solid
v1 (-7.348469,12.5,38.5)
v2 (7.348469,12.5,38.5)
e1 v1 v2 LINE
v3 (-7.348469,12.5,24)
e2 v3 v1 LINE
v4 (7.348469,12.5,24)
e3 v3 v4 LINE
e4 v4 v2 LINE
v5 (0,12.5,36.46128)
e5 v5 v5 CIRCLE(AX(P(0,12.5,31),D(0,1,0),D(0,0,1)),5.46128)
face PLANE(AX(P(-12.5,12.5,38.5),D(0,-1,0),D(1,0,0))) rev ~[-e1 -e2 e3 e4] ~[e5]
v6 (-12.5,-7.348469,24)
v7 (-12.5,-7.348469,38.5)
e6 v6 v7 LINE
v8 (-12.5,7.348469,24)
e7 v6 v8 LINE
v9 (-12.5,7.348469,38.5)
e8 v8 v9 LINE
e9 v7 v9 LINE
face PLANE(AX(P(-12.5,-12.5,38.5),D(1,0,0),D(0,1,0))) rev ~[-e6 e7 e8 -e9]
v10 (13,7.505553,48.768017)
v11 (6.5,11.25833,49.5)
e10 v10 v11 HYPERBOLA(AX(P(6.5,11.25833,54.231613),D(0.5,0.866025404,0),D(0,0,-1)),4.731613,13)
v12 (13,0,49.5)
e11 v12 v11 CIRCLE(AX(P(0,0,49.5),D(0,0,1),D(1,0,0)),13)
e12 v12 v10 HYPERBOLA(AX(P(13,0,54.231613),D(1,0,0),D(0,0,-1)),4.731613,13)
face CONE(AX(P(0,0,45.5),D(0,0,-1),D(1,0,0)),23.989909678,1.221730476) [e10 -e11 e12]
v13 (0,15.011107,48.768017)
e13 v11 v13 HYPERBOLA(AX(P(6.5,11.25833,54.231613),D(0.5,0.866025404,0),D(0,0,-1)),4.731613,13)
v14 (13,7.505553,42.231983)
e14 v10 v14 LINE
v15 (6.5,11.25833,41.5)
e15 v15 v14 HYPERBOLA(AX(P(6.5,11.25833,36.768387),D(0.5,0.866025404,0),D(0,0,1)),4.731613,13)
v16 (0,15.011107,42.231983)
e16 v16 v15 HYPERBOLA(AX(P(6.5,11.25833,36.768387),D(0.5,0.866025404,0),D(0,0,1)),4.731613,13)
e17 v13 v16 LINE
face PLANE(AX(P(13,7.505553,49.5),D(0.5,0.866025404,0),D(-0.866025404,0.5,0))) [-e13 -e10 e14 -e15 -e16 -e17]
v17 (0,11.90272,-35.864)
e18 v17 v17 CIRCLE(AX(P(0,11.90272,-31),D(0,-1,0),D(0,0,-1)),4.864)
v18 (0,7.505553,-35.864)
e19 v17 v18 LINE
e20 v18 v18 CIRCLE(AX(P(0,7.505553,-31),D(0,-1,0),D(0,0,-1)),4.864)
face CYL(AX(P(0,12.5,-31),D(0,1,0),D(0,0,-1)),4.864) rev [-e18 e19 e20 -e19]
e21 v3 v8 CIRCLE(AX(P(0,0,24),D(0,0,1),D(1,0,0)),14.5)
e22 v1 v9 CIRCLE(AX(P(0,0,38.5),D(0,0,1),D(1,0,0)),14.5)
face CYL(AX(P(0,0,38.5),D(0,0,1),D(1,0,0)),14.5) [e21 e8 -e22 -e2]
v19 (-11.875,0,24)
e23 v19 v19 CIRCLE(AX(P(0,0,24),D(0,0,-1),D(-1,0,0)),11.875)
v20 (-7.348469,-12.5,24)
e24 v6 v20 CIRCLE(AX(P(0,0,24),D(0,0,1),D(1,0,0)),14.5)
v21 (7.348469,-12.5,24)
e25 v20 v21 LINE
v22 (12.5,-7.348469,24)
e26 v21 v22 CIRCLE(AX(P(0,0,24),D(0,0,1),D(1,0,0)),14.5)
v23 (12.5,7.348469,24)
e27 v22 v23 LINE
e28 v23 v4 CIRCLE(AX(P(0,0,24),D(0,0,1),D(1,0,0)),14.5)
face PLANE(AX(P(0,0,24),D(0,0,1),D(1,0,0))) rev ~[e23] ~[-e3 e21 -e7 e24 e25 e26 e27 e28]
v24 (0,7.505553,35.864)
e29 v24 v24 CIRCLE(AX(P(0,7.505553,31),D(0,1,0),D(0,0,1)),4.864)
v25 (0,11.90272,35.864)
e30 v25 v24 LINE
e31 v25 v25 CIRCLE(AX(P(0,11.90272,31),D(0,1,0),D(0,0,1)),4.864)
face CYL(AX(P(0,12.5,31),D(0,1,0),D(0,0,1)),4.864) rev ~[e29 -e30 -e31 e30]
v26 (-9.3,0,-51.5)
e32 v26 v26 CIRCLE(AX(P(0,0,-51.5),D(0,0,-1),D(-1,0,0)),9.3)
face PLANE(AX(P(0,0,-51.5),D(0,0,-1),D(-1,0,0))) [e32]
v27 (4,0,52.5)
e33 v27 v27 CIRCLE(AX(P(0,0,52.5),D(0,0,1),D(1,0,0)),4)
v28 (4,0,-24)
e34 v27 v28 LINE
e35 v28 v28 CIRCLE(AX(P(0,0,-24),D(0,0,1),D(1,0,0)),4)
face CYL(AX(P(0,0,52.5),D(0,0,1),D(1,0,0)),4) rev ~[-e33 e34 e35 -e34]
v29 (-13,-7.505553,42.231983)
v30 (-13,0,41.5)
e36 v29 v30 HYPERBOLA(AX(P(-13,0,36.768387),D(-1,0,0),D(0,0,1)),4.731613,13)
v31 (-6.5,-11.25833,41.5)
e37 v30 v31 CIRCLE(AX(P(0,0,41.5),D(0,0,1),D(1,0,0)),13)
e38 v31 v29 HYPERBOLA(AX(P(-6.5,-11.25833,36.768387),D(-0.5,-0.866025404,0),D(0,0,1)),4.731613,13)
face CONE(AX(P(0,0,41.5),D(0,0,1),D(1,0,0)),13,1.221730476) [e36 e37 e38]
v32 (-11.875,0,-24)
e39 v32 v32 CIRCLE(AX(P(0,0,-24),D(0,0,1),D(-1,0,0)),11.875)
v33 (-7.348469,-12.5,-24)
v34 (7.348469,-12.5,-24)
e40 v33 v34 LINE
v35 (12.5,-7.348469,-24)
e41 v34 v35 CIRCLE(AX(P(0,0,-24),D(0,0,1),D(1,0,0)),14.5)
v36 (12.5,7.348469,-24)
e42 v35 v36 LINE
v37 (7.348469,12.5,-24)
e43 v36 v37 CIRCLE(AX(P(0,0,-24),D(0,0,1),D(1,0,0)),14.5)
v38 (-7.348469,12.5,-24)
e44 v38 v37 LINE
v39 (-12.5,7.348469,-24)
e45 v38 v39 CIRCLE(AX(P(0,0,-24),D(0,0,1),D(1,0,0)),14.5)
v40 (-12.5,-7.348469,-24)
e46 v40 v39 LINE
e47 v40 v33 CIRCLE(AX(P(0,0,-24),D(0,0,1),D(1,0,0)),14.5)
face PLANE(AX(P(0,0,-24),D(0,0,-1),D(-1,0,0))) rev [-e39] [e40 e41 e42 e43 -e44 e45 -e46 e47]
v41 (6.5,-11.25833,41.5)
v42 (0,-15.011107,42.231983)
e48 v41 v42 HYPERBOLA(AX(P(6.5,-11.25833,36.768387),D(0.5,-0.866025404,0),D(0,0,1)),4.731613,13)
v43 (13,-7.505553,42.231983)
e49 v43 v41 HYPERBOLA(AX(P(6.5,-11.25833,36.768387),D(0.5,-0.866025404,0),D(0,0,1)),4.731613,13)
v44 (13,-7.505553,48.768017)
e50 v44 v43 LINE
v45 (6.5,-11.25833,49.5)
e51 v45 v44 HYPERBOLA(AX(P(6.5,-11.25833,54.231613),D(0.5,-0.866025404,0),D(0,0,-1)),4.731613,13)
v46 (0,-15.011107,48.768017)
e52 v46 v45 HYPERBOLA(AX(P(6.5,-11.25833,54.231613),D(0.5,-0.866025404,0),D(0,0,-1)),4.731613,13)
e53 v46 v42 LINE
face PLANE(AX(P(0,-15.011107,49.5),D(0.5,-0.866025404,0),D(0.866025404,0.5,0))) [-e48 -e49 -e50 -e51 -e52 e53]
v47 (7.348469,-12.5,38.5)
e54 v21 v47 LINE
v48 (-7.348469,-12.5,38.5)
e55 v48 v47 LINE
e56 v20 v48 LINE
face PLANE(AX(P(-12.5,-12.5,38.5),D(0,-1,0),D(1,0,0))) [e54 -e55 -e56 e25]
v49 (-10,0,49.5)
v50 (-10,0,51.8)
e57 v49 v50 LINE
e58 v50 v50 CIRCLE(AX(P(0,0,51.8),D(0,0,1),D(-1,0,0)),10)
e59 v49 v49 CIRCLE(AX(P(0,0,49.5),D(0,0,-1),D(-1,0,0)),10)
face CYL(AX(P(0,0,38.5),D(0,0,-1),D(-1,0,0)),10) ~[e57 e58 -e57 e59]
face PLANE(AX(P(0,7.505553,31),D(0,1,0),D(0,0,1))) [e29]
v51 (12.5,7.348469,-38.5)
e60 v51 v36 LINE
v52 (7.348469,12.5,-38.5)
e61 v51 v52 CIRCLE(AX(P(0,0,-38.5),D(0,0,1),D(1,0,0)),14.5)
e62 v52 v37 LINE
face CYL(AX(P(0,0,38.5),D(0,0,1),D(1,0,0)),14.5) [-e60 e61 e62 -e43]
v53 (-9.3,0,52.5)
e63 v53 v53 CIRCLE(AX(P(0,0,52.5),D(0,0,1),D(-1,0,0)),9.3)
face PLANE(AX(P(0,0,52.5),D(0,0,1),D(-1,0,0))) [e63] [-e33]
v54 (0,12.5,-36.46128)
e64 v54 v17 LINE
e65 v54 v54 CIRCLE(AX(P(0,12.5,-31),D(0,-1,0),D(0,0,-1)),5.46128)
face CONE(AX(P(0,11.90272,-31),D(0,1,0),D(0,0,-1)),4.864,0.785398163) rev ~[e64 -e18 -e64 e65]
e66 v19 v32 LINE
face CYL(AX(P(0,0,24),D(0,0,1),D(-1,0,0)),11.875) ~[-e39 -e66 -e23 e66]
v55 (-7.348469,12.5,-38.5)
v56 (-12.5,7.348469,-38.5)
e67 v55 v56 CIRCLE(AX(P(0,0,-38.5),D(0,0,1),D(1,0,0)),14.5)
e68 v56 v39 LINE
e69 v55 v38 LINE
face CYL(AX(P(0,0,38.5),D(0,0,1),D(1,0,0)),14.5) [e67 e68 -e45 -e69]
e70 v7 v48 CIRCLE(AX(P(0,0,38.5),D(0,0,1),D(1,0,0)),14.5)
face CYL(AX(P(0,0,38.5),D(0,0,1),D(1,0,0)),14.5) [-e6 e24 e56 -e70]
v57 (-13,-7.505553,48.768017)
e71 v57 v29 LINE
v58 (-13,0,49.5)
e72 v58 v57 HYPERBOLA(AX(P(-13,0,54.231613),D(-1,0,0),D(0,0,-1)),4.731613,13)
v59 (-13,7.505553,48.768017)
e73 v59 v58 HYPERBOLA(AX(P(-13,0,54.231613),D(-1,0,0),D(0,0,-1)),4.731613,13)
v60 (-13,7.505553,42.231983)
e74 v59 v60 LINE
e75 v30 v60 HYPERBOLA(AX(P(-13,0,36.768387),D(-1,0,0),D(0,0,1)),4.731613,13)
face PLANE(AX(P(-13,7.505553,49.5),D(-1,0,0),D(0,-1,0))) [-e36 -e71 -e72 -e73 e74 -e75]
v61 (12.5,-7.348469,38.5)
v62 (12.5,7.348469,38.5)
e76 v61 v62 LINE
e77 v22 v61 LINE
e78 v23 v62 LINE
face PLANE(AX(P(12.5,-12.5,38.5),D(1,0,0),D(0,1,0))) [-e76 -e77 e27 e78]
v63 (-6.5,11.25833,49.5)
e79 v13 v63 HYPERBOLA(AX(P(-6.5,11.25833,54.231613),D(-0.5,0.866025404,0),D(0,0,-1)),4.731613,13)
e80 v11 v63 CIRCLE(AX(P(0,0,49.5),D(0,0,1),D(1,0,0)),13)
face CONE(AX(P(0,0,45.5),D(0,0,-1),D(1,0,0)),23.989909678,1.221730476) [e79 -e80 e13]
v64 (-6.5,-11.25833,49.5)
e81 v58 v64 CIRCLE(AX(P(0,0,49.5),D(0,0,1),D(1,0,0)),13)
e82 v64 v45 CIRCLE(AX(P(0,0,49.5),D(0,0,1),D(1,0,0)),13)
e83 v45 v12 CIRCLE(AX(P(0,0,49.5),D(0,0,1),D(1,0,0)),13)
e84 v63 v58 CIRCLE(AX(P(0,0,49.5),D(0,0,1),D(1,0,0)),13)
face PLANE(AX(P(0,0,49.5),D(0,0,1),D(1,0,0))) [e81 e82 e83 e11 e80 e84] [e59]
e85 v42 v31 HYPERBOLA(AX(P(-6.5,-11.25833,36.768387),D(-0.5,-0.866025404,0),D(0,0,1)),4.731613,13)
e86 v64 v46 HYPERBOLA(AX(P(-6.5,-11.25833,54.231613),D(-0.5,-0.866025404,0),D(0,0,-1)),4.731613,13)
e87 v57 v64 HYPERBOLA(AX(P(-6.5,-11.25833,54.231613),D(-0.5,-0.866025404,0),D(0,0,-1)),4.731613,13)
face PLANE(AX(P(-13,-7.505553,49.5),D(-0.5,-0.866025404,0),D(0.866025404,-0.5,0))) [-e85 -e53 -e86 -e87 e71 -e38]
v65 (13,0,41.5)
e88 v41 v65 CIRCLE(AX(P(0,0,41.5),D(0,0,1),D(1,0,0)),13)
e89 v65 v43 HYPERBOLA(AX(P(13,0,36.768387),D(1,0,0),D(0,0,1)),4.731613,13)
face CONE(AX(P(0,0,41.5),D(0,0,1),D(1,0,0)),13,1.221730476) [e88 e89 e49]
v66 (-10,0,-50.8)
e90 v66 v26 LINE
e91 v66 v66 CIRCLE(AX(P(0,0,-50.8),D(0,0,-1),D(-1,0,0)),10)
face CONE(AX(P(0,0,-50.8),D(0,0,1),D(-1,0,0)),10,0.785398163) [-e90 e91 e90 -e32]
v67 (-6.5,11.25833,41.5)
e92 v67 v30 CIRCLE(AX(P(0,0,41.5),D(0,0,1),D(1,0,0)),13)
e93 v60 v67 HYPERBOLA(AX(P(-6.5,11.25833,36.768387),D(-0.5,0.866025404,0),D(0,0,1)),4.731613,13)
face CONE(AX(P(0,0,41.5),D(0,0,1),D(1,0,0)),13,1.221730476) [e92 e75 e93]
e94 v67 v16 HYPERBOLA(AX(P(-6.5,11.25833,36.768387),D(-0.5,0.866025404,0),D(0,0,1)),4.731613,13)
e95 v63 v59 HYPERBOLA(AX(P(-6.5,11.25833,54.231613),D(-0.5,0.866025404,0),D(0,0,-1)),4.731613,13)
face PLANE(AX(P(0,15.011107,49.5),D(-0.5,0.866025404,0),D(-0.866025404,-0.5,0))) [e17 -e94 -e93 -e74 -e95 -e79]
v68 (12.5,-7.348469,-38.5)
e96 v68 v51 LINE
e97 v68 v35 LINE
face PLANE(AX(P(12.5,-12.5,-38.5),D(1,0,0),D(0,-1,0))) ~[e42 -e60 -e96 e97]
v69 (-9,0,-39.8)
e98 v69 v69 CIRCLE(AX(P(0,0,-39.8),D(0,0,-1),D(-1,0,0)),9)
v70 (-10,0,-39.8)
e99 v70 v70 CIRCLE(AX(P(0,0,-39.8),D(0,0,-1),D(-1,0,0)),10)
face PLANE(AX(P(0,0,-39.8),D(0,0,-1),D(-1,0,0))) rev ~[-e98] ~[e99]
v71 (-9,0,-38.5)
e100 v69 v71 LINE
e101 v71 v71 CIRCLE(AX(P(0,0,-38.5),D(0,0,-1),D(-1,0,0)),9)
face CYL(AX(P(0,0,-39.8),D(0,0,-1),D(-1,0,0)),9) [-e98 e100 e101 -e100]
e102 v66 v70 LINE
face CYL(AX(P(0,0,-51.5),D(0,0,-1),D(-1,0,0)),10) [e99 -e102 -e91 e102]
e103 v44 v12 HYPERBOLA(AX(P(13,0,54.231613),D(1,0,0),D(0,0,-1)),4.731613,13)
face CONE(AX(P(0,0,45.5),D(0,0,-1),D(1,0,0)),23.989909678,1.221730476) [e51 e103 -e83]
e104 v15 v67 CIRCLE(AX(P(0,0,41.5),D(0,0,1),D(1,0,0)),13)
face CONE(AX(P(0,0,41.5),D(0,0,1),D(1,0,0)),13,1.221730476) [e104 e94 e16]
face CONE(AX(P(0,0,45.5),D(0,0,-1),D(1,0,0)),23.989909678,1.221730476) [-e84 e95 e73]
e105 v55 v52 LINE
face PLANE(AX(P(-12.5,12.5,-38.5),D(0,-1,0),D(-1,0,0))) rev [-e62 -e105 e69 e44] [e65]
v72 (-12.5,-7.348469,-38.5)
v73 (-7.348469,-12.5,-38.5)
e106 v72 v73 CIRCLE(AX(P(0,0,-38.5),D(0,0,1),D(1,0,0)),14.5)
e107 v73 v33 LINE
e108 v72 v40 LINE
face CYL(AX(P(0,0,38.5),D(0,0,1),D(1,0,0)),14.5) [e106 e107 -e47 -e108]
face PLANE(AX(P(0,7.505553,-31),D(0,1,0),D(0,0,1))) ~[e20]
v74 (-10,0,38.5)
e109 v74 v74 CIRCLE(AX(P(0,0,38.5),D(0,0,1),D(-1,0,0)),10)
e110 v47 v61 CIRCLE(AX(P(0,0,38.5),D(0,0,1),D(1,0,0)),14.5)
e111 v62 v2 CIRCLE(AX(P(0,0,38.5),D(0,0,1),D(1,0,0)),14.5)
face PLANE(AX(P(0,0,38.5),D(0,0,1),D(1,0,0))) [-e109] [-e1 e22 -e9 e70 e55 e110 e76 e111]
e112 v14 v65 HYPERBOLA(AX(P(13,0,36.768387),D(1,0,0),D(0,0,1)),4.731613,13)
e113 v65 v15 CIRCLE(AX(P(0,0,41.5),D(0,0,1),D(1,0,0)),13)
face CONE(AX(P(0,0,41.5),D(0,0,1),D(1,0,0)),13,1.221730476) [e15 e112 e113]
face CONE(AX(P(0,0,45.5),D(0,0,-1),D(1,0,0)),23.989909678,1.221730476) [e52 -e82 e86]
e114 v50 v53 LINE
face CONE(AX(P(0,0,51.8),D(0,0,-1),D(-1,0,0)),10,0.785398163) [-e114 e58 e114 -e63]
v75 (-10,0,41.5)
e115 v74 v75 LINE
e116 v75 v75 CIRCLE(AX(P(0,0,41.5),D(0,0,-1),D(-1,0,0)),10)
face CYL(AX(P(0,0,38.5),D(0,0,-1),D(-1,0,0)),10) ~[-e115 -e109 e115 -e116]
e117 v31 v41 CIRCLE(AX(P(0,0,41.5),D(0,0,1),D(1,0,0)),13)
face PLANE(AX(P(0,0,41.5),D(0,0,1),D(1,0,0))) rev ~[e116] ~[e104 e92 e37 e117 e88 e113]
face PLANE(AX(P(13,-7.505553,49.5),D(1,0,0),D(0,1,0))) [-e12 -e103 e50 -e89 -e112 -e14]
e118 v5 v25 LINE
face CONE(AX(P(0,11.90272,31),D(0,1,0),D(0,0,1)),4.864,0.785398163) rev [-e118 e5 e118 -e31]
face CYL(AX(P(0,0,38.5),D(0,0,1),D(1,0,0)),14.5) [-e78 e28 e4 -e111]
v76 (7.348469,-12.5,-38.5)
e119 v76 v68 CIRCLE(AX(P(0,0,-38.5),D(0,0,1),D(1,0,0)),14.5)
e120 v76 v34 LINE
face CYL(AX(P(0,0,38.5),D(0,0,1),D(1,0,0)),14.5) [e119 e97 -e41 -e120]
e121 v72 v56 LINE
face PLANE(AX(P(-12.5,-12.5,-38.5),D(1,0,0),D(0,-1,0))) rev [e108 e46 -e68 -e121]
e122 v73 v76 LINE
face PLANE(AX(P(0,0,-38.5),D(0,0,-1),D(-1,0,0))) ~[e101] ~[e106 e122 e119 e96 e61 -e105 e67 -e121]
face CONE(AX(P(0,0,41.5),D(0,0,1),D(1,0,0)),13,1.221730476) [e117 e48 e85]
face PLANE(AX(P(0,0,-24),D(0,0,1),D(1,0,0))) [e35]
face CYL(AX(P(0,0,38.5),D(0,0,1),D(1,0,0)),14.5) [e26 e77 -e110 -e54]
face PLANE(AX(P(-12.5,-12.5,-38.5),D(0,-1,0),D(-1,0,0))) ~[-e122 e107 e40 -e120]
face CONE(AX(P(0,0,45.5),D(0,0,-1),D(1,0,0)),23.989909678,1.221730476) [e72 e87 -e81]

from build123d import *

# Parameters (mm, degrees)
EXTRUDE_START       = 38.5
SKETCH_4_W          = 25
SKETCH_4_H          = 25
EXTRUDE_1_DEPTH     = 14.5
SKETCH_5_R          = 11.875
EXTRUDE_2_DEPTH     = 62.5
SKETCH_6_R          = 10
EXTRUDE_3_DEPTH     = 14
EXTRUDE_START_2     = 49.5
EXTRUDE_4_DEPTH     = 8
SKETCH_8_R          = 4.864
CUT_EXTRUDE_1_DEPTH = 4.994447
SKETCH_9_OUTSIDE_W  = 47.858
SKETCH_9_OUTSIDE_H  = 51.88
SKETCH_9_OUTSIDE_R  = 14.5
CUT_EXTRUDE_2_DEPTH = 77
SKETCH_11_R         = 4
CUT_EXTRUDE_3_DEPTH = 76.5
CHAMFER_1_SIZE      = 0.7
CHAMFER_2_SIZE      = 0.59728
EXTRUDE_START_3     = 13
SKETCH_12_R         = 10
EXTRUDE_5_DEPTH     = 13
CUT_EXTRUDE_START   = 1.3
SKETCH_13_R         = 10
SKETCH_13_R_2       = 9
CUT_EXTRUDE_4_DEPTH = 1.3
CHAMFER_3_SIZE      = 0.7


with BuildPart() as part:
    # 草图4 → 凸台-拉伸1 (new body)
    with BuildSketch(Plane.XY.offset(EXTRUDE_START)):
        Rectangle(SKETCH_4_W, SKETCH_4_H)
    extrude_1 = extrude(amount=-EXTRUDE_1_DEPTH)

    # 草图5 → 凸台-拉伸2 (add)
    with BuildSketch(Plane(origin=(0, 0, 24), x_dir=(-1, 0, 0), z_dir=(0, 0, -1))):
        Circle(SKETCH_5_R)
    extrude(amount=EXTRUDE_2_DEPTH)

    # 镜向1: 凸台-拉伸1 across plane
    add(extrude_1.mirror(Plane.XY))

    # 草图6 → 凸台-拉伸3 (add)
    with BuildSketch(Plane.XY.offset(38.5)):
        with Locations(Location((0, 0, 0), (0, 0, 180))):
            Circle(SKETCH_6_R)
    extrude(amount=EXTRUDE_3_DEPTH)

    # 草图7 → 凸台-拉伸4 (add)
    with BuildSketch(Plane.XY.offset(EXTRUDE_START_2)):
        Polygon((13, 7.505553499), (0, 15.011106999), (-13, 7.505553499), (-13, -7.505553499), (0, -15.011106999), (13, -7.505553499), align=None)
    extrude(amount=-EXTRUDE_4_DEPTH)

    # 草图10 → 切除-旋转1 (revolve, cut)
    with BuildSketch(Plane(origin=(0, 0, 0), x_dir=(1, 0, 0), z_dir=(0, 1, 0)), mode=Mode.PRIVATE) as cut_revolve_1_sk:
        Polygon((-13, -49.5), (-25.989909678, -49.5), (-25.989909678, -41.5), (-13, -41.5), (-23.989909678, -45.5), align=None)
    revolve(cut_revolve_1_sk.sketch.rotate(Axis((0, 0, 52.5), (0, 0, 1)), 180), axis=Axis((0, 0, 52.5), (0, 0, 1)), mode=Mode.SUBTRACT)

    # 草图8 → 切除-拉伸1 (cut)
    with BuildSketch(Plane(origin=(0, 12.5, 0), x_dir=(1, 0, 0), z_dir=(0, 1, 0))):
        with Locations(Location((0, -31, 0), (0, 0, 270))):
            Circle(SKETCH_8_R)
    cut_extrude_1 = extrude(amount=-CUT_EXTRUDE_1_DEPTH, mode=Mode.SUBTRACT)

    # 镜向2: 切除-拉伸1 across plane
    add(cut_extrude_1.mirror(Plane.XY), mode=Mode.SUBTRACT)

    # 草图9 outside → 切除-拉伸2 (cut)
    with BuildSketch(Plane.XY.offset(38.5)):
        Rectangle(SKETCH_9_OUTSIDE_W, SKETCH_9_OUTSIDE_H)
        Circle(SKETCH_9_OUTSIDE_R, mode=Mode.SUBTRACT)
    extrude(amount=-CUT_EXTRUDE_2_DEPTH, mode=Mode.SUBTRACT)

    # 草图11 → 切除-拉伸3 (cut)
    with BuildSketch(Plane.XY.offset(52.5)):
        Circle(SKETCH_11_R)
    extrude(amount=-CUT_EXTRUDE_3_DEPTH, mode=Mode.SUBTRACT)

    # 倒角1
    chamfer_1_edges = [part.edges().sort_by_distance(p)[0] for p in [
        (10, 0, 52.5),
    ]]
    chamfer(chamfer_1_edges, length=CHAMFER_1_SIZE)

    # 倒角2
    chamfer_2_edges = [part.edges().sort_by_distance(p)[0] for p in [
        (0, 12.5, 26.136),
        (0, 12.5, -26.136),
    ]]
    chamfer(chamfer_2_edges, length=CHAMFER_2_SIZE)

    # 草图12 → 凸台-拉伸5 (add)
    with BuildSketch(Plane(origin=(0, 0, -38.5), x_dir=(-1, 0, 0), z_dir=(0, 0, -1)).offset(EXTRUDE_START_3)):
        Circle(SKETCH_12_R)
    extrude(amount=-EXTRUDE_5_DEPTH)

    # 草图13 → 切除-拉伸4 (cut)
    with BuildSketch(Plane(origin=(0, 0, -38.5), x_dir=(-1, 0, 0), z_dir=(0, 0, -1)).offset(CUT_EXTRUDE_START)):
        Circle(SKETCH_13_R)
        Circle(SKETCH_13_R_2, mode=Mode.SUBTRACT)
    extrude(amount=-CUT_EXTRUDE_4_DEPTH, mode=Mode.SUBTRACT)

    # 倒角3
    chamfer_3_edges = [part.edges().sort_by_distance(p)[0] for p in [
        (10, 0, -51.5),
    ]]
    chamfer(chamfer_3_edges, length=CHAMFER_3_SIZE)


solid = part.part
